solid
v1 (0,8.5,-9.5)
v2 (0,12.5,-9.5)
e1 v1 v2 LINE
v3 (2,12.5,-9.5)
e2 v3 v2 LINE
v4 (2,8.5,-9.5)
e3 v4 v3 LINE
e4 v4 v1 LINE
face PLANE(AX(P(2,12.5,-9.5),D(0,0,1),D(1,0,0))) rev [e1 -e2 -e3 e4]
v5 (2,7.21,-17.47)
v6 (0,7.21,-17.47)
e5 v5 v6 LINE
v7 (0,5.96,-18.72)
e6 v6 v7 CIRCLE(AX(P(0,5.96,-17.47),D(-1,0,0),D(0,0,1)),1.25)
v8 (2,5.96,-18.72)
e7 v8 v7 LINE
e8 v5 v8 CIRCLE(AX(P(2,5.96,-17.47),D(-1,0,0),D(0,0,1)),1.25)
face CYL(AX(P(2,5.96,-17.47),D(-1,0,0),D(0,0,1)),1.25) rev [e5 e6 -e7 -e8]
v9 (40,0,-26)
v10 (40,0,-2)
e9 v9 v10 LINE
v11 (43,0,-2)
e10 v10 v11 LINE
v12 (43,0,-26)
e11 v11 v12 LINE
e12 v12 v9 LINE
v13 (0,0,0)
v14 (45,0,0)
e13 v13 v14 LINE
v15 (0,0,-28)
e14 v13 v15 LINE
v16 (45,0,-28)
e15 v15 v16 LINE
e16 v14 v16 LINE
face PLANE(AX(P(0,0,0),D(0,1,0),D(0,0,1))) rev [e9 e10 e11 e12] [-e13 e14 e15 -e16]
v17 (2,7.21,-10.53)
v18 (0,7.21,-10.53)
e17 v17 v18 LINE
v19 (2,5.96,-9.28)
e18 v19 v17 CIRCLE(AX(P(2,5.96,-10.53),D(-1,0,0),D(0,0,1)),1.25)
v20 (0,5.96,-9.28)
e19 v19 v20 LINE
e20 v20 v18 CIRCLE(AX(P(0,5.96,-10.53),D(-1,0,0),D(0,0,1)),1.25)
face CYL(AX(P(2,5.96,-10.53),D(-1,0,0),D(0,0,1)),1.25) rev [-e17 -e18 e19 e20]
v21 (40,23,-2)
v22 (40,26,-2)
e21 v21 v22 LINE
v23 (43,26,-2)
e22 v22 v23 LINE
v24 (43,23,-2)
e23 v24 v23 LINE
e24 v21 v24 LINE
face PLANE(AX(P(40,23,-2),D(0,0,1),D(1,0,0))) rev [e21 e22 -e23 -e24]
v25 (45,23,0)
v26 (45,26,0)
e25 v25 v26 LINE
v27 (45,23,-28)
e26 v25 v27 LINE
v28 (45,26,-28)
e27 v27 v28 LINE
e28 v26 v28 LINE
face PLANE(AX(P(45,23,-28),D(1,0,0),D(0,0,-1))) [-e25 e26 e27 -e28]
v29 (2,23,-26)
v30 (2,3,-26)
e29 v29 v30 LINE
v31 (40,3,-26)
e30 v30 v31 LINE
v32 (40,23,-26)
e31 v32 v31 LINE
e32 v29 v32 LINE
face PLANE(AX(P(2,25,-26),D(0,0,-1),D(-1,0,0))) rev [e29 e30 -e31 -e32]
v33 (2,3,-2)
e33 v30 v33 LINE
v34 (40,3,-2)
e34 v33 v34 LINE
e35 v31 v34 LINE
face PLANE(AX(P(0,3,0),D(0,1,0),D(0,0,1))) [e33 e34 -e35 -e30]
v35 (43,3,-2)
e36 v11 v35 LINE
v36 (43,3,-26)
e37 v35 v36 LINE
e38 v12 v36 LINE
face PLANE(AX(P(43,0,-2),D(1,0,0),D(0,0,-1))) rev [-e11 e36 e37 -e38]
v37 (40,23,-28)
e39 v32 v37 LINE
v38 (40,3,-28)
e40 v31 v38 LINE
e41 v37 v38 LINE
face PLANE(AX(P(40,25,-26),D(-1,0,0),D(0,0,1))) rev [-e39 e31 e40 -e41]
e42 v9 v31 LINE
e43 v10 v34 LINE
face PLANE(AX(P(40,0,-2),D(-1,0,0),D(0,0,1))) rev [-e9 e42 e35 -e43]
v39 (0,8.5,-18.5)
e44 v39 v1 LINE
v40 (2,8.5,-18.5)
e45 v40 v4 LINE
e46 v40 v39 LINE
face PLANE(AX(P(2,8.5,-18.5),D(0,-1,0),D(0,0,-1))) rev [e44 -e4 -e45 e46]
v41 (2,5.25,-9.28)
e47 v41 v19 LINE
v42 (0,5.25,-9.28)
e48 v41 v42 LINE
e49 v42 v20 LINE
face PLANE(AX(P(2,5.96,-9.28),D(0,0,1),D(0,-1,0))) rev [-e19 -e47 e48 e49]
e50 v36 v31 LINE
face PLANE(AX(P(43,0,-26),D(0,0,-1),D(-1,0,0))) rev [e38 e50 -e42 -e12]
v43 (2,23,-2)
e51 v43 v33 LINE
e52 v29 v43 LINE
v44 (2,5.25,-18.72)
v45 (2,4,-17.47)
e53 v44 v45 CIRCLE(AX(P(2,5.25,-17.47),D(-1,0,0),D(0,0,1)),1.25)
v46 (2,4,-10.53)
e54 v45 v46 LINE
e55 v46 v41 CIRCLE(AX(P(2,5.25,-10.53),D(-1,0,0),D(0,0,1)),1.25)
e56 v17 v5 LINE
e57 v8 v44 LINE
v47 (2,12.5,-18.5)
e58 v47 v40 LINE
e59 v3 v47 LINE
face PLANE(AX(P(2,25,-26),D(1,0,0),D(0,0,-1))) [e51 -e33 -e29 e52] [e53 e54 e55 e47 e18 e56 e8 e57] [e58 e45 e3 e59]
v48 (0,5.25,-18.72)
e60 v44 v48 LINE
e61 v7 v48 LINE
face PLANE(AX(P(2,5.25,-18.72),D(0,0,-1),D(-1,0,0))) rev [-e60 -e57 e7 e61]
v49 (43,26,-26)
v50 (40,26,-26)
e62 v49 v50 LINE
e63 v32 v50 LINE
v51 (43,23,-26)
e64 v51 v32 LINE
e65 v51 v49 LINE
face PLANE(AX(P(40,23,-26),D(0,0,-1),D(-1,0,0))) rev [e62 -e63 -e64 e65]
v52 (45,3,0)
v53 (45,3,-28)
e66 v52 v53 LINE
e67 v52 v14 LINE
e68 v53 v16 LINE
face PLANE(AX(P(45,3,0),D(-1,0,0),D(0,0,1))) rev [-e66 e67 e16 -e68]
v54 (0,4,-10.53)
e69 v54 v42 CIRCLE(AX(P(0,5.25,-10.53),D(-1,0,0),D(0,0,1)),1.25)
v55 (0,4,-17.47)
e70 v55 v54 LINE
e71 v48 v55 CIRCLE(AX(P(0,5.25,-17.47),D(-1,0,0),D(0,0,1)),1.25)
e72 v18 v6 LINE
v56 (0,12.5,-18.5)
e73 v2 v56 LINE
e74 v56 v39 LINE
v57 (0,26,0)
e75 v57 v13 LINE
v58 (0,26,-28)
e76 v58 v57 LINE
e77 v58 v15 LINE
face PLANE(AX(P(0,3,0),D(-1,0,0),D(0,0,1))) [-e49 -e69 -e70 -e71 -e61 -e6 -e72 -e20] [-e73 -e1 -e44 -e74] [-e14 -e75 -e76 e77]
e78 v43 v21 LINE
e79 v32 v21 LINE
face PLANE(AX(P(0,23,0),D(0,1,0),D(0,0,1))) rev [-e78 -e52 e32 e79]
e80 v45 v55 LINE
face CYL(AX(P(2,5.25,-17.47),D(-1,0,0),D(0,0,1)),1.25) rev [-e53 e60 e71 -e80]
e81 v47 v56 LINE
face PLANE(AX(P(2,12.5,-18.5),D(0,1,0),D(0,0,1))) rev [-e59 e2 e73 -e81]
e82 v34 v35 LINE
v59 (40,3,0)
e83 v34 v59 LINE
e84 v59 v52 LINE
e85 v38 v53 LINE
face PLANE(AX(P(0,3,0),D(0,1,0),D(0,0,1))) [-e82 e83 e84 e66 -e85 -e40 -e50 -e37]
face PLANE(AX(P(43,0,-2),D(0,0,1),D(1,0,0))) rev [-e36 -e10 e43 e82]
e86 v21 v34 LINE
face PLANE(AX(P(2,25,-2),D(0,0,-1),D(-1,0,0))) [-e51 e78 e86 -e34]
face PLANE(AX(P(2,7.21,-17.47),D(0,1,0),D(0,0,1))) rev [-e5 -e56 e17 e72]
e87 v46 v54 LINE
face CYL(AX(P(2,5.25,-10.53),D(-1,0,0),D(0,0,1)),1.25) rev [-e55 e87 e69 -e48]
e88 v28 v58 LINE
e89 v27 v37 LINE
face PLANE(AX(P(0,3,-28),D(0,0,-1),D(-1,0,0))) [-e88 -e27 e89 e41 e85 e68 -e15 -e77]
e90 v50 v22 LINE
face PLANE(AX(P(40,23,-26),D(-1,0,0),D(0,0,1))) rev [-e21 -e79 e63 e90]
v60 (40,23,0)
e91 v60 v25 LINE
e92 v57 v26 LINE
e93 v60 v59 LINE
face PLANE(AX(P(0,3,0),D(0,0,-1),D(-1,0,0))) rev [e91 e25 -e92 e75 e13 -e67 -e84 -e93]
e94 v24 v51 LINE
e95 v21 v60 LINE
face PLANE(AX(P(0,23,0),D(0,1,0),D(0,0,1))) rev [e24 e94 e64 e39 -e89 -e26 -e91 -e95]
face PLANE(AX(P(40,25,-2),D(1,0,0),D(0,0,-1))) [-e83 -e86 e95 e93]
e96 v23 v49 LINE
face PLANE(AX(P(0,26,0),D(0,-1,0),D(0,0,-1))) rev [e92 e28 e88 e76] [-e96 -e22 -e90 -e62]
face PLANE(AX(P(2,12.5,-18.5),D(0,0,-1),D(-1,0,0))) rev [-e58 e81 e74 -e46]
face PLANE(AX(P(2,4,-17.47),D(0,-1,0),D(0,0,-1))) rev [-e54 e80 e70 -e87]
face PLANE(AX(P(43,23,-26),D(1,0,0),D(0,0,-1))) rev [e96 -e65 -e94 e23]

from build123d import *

# Parameters (mm, degrees)
SKETCH1_W           = 45
SKETCH1_H           = 28
BOSS_EXTRUDE1_DEPTH = 3
BOSS_EXTRUDE2_DEPTH = 22
SKETCH4_W           = 45
SKETCH4_H           = 28
SKETCH4_W_2         = 3
SKETCH4_H_2         = 24
BOSS_EXTRUDE4_DEPTH = 2
SKETCH5_W           = 9
SKETCH5_H           = 4
CUT_EXTRUDE1_DEPTH  = 2
SKETCH6_W           = 3
SKETCH6_H           = 24
CUT_EXTRUDE2_DEPTH  = 3
SKETCH7_W           = 45
SKETCH7_H           = 28
SKETCH7_W_2         = 3
SKETCH7_H_2         = 24
BOSS_EXTRUDE5_DEPTH = 1


with BuildPart() as part:
    # Sketch1 → Boss-Extrude1 (new body)
    with BuildSketch(Plane(origin=(0, 0, 0), x_dir=(1, 0, 0), z_dir=(0, 1, 0))):
        with Locations((22.5, 14)):
            Rectangle(SKETCH1_W, SKETCH1_H)
    extrude(amount=BOSS_EXTRUDE1_DEPTH)

    # Sketch2 → Boss-Extrude2 (add)
    with BuildSketch(Plane(origin=(0, 3, 0), x_dir=(1, 0, 0), z_dir=(0, 1, 0))):
        Polygon((40, 26), (40, 28), (0, 28), (0, 0), (40, 0), (40, 2), (2, 2), (2, 26), align=None)
    extrude(amount=BOSS_EXTRUDE2_DEPTH)

    # Sketch4 → Boss-Extrude4 (add)
    with BuildSketch(Plane(origin=(0, 25, 0), x_dir=(1, 0, 0), z_dir=(0, 1, 0))):
        with Locations((22.5, 14)):
            Rectangle(SKETCH4_W, SKETCH4_H)
        with Locations((41.5, 14)):
            Rectangle(SKETCH4_W_2, SKETCH4_H_2, mode=Mode.SUBTRACT)
    extrude(amount=-BOSS_EXTRUDE4_DEPTH)

    # Sketch5 → Cut-Extrude1 (cut)
    with BuildSketch(Plane.ZY):
        with BuildLine():
            Line((-18.72, 5.25), (-18.72, 5.96))
            ThreePointArc((-18.72, 5.96), (-18.353883476, 6.843883476), (-17.47, 7.21))
            Line((-17.47, 7.21), (-10.53, 7.21))
            ThreePointArc((-10.53, 7.21), (-9.646116524, 6.843883476), (-9.28, 5.96))
            Line((-9.28, 5.96), (-9.28, 5.25))
            ThreePointArc((-9.28, 5.25), (-9.646116524, 4.366116524), (-10.53, 4))
            Line((-10.53, 4), (-17.47, 4))
            ThreePointArc((-17.47, 4), (-18.353883476, 4.366116524), (-18.72, 5.25))
        make_face()
        with Locations((-14, 10.5)):
            Rectangle(SKETCH5_W, SKETCH5_H)
    extrude(amount=-CUT_EXTRUDE1_DEPTH, mode=Mode.SUBTRACT)

    # Sketch6 → Cut-Extrude2 (cut)
    with BuildSketch(Plane(origin=(0, 3, 0), x_dir=(1, 0, 0), z_dir=(0, 1, 0))):
        with Locations((41.5, 14)):
            Rectangle(SKETCH6_W, SKETCH6_H)
    extrude(amount=-CUT_EXTRUDE2_DEPTH, mode=Mode.SUBTRACT)

    # Sketch7 → Boss-Extrude5 (add)
    with BuildSketch(Plane(origin=(0, 25, 0), x_dir=(1, 0, 0), z_dir=(0, 1, 0))):
        with Locations((22.5, 14)):
            Rectangle(SKETCH7_W, SKETCH7_H)
        with Locations((41.5, 14)):
            Rectangle(SKETCH7_W_2, SKETCH7_H_2, mode=Mode.SUBTRACT)
    extrude(amount=BOSS_EXTRUDE5_DEPTH)


solid = part.part
